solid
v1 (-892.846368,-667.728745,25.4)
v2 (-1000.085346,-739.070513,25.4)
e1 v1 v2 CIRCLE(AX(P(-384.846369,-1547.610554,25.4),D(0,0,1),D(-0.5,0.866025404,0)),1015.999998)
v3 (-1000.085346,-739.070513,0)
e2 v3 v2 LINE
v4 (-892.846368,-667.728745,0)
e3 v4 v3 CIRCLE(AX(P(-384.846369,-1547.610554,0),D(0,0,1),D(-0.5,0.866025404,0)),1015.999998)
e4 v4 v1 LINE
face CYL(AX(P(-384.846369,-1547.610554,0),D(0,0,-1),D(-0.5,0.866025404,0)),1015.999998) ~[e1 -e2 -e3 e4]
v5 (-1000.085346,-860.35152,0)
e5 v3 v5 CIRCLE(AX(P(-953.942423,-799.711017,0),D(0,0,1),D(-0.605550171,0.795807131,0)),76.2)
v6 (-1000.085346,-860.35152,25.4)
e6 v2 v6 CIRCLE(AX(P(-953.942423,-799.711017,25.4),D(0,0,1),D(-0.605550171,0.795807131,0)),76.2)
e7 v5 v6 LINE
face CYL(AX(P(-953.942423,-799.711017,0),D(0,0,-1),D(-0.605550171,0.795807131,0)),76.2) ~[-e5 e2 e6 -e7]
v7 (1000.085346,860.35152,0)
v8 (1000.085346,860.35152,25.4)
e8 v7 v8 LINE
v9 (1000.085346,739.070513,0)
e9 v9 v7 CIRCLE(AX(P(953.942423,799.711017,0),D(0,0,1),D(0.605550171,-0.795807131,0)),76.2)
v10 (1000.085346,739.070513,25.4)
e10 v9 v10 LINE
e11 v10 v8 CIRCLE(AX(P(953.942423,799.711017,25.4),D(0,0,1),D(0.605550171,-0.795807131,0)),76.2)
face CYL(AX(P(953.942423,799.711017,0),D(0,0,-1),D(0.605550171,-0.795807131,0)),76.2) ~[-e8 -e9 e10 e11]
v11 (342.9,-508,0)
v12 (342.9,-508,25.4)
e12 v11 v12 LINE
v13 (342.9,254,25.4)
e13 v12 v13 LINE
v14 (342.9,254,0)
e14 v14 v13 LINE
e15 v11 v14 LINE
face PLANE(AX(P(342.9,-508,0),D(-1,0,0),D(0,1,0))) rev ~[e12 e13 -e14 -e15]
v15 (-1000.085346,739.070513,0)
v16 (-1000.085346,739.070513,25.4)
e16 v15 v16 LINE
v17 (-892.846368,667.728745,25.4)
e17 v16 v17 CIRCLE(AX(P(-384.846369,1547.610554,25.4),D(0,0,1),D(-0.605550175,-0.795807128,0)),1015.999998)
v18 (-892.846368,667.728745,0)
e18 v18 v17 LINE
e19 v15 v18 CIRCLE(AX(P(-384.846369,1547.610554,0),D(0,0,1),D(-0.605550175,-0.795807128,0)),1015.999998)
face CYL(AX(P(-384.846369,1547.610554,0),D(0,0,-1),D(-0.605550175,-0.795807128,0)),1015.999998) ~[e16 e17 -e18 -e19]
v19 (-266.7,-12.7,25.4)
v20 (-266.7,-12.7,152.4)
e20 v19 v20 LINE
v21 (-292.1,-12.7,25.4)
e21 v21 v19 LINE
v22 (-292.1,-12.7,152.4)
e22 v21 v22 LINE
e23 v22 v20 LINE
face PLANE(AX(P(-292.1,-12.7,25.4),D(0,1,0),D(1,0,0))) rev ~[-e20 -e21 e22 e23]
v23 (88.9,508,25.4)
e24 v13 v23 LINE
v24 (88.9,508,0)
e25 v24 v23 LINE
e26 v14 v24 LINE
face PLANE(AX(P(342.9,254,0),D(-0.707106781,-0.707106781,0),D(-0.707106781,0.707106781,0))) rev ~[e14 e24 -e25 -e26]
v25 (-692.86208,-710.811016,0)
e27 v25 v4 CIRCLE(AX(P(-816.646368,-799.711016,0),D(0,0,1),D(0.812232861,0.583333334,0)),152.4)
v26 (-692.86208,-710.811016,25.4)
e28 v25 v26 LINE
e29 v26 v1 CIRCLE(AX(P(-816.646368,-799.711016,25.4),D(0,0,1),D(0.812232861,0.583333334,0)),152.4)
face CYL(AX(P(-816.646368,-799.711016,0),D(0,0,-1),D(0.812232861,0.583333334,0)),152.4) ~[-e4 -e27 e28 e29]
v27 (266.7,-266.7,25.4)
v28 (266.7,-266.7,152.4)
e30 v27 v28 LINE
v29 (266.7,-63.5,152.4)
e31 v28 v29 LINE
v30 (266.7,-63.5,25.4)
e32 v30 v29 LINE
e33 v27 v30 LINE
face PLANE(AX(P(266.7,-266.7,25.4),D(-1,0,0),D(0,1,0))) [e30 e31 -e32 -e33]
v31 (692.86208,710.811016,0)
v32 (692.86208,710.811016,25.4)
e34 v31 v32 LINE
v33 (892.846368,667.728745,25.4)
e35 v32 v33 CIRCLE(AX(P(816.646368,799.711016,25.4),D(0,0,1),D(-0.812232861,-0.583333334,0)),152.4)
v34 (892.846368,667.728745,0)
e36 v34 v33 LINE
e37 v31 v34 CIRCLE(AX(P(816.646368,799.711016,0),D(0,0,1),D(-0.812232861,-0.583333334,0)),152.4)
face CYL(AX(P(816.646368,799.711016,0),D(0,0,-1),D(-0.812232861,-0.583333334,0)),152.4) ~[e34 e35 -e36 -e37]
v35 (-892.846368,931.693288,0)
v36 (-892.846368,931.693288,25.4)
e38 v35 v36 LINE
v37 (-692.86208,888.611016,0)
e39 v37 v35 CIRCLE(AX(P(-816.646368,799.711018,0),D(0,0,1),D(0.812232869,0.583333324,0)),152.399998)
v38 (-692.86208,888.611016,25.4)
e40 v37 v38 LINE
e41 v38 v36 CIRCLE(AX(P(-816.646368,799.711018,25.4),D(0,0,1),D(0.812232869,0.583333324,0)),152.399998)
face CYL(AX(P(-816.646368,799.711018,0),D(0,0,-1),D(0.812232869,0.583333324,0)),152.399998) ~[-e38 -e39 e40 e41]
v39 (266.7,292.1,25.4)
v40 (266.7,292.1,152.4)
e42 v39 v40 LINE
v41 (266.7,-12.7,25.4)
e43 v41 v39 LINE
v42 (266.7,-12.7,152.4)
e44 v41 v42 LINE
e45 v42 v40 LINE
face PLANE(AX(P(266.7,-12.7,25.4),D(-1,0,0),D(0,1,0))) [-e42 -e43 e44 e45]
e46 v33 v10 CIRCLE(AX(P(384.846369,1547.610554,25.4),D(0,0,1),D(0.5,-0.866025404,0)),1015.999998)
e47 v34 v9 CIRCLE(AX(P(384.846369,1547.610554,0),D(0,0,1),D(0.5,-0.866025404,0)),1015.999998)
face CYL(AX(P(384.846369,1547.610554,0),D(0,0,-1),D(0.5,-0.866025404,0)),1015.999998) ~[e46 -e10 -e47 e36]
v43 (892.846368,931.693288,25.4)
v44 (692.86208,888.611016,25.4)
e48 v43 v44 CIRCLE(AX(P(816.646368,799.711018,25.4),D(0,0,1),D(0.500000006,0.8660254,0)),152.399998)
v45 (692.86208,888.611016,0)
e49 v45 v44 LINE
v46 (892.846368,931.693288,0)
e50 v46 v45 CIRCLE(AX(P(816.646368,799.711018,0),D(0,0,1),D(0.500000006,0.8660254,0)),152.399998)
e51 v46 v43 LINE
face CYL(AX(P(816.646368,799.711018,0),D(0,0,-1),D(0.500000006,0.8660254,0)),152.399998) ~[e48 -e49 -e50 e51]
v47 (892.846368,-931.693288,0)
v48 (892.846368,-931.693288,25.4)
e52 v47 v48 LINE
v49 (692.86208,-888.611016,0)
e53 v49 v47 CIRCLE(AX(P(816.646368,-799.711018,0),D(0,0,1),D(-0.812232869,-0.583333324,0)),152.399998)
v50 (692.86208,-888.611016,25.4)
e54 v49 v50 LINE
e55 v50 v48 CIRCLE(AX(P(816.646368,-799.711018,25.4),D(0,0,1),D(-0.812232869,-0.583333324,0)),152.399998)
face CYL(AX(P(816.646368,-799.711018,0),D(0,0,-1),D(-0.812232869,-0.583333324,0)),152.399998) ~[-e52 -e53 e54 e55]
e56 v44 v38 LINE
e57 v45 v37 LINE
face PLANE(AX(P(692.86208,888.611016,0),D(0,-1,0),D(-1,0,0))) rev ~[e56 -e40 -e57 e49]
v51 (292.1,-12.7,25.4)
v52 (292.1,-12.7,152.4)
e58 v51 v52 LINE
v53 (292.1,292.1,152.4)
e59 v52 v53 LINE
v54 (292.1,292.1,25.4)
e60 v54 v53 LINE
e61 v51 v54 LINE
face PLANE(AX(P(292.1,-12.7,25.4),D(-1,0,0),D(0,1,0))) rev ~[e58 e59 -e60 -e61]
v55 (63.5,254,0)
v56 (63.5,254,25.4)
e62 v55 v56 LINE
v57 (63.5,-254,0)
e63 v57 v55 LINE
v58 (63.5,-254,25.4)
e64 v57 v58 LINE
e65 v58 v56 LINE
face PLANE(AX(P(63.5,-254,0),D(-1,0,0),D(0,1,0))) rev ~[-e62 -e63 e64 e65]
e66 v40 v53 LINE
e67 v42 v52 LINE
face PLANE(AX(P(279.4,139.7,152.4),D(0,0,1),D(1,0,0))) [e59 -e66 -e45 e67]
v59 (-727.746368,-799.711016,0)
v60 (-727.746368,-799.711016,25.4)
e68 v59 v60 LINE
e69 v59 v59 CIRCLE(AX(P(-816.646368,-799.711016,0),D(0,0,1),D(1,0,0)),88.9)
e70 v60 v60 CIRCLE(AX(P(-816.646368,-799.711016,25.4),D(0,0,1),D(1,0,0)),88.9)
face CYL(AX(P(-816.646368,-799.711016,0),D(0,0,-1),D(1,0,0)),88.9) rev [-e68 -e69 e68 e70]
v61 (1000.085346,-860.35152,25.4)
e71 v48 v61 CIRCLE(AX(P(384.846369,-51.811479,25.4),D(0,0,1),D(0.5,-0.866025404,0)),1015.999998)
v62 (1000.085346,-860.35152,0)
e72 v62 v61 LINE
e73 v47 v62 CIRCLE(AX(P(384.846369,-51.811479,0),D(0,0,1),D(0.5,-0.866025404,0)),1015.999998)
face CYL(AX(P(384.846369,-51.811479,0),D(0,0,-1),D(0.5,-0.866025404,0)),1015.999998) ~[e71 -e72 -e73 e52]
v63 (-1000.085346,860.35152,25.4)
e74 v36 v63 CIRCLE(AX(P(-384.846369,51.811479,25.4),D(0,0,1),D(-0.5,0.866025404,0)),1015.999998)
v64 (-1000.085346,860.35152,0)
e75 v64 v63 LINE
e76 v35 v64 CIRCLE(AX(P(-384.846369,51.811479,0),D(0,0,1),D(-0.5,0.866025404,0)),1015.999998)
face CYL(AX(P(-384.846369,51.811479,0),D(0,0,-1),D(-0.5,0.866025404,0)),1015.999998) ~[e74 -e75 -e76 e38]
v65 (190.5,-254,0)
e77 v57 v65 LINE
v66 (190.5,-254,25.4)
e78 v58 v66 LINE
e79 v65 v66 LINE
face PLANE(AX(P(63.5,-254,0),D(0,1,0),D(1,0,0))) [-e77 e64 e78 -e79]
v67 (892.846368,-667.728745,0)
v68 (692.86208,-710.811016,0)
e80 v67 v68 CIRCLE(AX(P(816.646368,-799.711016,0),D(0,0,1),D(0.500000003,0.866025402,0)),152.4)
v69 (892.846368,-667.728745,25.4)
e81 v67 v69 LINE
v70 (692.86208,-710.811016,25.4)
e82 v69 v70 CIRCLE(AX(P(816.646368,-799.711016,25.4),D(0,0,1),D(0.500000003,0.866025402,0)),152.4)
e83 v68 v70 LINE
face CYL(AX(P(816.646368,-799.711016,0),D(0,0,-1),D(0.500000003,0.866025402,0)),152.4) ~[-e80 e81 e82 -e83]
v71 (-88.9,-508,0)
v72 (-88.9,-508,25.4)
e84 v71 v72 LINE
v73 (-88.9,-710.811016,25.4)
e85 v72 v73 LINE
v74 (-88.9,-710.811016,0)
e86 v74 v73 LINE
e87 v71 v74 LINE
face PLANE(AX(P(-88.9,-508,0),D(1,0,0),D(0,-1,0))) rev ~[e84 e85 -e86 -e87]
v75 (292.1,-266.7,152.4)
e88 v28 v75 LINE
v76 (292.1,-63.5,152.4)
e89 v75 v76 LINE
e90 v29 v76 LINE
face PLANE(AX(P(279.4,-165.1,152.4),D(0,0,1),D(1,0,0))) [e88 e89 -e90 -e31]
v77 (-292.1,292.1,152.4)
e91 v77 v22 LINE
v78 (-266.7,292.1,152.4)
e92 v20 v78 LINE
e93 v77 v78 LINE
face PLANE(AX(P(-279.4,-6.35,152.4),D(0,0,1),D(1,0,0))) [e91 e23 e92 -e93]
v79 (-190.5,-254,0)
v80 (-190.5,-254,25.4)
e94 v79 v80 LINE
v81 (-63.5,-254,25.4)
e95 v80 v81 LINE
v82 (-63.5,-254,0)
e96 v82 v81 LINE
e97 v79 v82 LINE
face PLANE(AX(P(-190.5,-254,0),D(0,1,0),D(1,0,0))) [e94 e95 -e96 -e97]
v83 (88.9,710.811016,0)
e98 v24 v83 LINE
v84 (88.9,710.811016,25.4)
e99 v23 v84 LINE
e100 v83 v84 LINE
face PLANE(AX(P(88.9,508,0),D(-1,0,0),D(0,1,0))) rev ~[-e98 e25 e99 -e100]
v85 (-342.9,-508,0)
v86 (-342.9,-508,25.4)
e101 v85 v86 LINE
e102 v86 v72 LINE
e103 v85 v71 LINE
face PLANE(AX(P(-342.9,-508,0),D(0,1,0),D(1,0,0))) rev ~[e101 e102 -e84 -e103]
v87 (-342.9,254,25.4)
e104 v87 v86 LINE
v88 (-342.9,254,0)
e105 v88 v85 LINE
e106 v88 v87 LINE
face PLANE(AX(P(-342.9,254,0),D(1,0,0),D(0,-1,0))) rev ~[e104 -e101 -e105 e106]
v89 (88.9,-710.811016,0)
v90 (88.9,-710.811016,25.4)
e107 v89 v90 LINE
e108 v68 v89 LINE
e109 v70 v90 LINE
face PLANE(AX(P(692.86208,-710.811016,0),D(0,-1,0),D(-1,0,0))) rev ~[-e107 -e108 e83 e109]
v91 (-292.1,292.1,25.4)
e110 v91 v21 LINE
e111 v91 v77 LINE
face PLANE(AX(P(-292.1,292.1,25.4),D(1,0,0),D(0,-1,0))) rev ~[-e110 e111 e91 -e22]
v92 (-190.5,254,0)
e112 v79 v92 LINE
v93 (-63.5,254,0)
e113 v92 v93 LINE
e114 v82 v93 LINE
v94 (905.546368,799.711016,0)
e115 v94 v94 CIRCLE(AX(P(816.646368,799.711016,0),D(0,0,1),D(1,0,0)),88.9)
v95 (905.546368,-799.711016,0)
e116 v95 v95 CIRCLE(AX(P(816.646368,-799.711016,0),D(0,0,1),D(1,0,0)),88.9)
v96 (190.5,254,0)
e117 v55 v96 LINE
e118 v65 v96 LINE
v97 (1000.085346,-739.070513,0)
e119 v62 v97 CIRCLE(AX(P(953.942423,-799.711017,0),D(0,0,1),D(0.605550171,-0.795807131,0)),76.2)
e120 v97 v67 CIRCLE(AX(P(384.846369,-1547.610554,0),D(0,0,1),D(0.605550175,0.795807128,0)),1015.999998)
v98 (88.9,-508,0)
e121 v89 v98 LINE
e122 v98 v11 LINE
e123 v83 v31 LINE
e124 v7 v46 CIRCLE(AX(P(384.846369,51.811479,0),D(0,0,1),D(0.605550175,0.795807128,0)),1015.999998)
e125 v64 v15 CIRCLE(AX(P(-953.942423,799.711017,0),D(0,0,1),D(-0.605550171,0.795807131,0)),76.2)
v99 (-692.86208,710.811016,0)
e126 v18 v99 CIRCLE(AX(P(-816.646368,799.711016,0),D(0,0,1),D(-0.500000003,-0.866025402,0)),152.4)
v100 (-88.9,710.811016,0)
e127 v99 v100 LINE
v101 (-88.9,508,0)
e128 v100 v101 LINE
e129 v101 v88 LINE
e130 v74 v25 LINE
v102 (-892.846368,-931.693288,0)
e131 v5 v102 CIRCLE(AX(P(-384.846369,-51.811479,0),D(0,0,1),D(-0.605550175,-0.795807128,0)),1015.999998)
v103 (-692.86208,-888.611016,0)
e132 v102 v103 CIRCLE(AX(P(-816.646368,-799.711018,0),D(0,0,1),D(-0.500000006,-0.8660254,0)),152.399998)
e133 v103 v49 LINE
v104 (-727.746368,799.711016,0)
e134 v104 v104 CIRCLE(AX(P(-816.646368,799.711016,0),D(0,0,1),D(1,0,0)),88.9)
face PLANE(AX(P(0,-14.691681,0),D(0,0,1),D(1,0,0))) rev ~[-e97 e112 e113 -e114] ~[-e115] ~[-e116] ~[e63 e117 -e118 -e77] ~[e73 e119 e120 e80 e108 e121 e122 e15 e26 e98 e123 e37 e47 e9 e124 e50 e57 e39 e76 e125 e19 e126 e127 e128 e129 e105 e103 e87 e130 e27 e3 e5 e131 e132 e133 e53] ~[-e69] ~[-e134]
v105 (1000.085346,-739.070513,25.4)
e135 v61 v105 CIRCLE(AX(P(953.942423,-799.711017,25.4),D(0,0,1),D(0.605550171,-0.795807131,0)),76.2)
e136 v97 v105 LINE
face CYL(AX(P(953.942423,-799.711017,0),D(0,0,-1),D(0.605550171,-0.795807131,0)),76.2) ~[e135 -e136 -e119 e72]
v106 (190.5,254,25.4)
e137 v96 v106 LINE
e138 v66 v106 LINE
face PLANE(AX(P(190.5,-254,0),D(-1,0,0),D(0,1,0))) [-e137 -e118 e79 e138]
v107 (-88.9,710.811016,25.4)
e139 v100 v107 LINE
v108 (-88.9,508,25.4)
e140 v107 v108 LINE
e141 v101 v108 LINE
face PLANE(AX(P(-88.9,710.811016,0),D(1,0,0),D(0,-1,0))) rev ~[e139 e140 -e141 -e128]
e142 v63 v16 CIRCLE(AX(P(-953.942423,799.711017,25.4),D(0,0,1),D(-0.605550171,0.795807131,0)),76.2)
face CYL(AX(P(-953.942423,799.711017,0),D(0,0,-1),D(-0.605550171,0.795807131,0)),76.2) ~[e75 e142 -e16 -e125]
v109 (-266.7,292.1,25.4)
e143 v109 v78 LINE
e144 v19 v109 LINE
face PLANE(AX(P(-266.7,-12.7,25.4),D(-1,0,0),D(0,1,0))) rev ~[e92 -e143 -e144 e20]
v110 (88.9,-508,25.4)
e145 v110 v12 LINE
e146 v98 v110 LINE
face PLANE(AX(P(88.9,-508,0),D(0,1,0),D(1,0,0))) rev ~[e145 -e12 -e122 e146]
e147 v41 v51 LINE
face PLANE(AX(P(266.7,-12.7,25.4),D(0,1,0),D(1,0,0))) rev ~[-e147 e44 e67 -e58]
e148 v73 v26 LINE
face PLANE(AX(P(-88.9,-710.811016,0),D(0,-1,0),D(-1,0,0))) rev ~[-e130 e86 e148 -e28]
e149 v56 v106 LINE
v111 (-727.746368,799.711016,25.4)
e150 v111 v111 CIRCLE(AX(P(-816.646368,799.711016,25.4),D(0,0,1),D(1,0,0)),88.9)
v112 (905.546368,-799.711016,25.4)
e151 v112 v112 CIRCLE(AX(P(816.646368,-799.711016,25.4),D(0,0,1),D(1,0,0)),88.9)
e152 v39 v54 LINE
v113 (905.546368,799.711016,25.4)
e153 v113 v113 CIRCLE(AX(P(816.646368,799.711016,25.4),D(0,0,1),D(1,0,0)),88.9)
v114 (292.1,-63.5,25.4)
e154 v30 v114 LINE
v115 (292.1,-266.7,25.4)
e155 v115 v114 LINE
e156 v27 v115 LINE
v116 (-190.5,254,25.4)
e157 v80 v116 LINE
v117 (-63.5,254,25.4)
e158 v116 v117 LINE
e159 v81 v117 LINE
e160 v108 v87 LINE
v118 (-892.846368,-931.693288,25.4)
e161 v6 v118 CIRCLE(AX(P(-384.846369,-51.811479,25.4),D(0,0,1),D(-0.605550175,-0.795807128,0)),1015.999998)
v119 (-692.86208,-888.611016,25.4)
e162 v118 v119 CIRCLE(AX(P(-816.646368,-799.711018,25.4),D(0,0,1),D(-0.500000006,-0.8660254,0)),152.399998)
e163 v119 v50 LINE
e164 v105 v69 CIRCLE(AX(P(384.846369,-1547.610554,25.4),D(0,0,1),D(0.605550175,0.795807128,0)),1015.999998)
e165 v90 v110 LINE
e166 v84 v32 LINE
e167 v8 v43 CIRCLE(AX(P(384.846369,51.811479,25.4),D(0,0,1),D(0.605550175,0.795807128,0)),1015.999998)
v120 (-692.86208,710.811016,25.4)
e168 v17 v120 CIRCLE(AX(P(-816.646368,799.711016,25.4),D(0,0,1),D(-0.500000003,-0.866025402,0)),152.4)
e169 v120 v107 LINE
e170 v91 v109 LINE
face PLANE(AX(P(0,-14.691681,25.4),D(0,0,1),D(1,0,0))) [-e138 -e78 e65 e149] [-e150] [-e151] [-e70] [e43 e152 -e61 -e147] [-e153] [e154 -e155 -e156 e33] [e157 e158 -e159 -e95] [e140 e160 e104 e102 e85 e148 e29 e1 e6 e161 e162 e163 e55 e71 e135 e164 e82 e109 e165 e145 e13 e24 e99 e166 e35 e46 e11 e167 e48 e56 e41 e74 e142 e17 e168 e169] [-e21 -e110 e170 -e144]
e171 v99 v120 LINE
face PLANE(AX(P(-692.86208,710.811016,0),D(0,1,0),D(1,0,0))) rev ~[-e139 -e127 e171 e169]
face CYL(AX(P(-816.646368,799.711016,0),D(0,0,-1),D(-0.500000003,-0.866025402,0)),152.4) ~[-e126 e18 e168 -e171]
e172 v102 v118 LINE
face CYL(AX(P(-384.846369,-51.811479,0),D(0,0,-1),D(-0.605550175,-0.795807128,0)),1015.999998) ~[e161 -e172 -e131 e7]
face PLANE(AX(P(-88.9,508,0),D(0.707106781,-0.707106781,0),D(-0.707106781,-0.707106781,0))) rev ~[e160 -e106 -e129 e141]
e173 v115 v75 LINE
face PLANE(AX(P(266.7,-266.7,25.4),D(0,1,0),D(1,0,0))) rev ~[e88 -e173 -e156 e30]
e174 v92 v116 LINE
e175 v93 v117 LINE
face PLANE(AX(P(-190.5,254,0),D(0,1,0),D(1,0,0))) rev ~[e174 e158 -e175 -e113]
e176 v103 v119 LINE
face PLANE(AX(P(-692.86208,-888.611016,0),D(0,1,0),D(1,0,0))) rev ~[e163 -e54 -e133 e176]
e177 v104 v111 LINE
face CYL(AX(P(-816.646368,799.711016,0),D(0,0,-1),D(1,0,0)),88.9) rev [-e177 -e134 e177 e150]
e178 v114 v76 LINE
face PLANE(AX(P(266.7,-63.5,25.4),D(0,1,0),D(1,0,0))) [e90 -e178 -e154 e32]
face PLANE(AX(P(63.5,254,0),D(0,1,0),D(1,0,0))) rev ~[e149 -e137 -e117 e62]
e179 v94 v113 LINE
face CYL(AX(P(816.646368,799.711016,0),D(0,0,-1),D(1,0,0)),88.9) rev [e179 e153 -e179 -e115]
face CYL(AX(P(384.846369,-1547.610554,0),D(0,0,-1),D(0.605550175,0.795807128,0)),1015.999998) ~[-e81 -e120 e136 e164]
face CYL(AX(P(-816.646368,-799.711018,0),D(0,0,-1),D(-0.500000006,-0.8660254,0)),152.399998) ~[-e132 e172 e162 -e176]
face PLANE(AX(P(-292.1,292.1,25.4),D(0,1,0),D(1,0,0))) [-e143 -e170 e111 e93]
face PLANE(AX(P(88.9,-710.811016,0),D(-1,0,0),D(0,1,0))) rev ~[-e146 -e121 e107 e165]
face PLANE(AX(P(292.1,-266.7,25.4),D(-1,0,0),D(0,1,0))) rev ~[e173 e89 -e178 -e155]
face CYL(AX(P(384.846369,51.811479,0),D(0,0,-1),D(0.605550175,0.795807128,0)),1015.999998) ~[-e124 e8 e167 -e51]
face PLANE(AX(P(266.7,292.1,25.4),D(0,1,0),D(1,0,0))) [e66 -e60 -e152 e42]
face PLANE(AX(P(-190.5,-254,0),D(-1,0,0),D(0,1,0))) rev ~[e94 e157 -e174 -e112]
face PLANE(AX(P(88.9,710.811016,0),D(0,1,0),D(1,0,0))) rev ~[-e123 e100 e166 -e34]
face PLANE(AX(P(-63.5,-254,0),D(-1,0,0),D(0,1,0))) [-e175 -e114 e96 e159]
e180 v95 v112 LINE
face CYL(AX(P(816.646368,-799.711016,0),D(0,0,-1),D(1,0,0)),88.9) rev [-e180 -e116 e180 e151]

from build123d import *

# Parameters (mm, degrees)
F0_R     = 88.9
F0_W     = 127
F0_H     = 508
F1_DEPTH = 25.4
F2_W     = 25.4
F2_H     = 12.7
F2_H_2   = 292.1
F2_H_3   = 304.8
F2_H_4   = 203.2
F3_DEPTH = 127


with BuildPart() as f1:
    # F0 (on Top) → F1 (new body)
    with BuildSketch(Plane.XY):
        with BuildLine():
            ThreePointArc((-1000.085346, 739.070513), (-947.597523, 701.69854), (-892.846368, 667.728745))
            ThreePointArc((-892.846368, 667.728745), (-784.551405, 650.728892), (-692.86208, 710.811016))
            Line((-692.86208, 710.811016), (-88.9, 710.811016))
            Line((-88.9, 710.811016), (-88.9, 508))
            Line((-88.9, 508), (-342.9, 254))
            Line((-342.9, 254), (-342.9, -508))
            Line((-342.9, -508), (-88.9, -508))
            Line((-88.9, -508), (-88.9, -710.811016))
            Line((-88.9, -710.811016), (-692.86208, -710.811016))
            ThreePointArc((-692.86208, -710.811016), (-784.551405, -650.728892), (-892.846368, -667.728745))
            ThreePointArc((-892.846368, -667.728745), (-947.597523, -701.69854), (-1000.085346, -739.070513))
            ThreePointArc((-1000.085346, -739.070513), (-1030.142423, -799.711016), (-1000.085346, -860.35152))
            ThreePointArc((-1000.085346, -860.35152), (-947.597523, -897.723493), (-892.846368, -931.693288))
            ThreePointArc((-892.846368, -931.693288), (-784.551405, -948.693141), (-692.86208, -888.611016))
            Line((-692.86208, -888.611016), (692.86208, -888.611016))
            ThreePointArc((692.86208, -888.611016), (784.551405, -948.693141), (892.846368, -931.693288))
            ThreePointArc((892.846368, -931.693288), (947.597523, -897.723493), (1000.085346, -860.35152))
            ThreePointArc((1000.085346, -860.35152), (1030.142423, -799.711016), (1000.085346, -739.070513))
            ThreePointArc((1000.085346, -739.070513), (947.597523, -701.69854), (892.846368, -667.728745))
            ThreePointArc((892.846368, -667.728745), (784.551405, -650.728892), (692.86208, -710.811016))
            Line((692.86208, -710.811016), (88.9, -710.811016))
            Line((88.9, -710.811016), (88.9, -508))
            Line((88.9, -508), (342.9, -508))
            Line((342.9, -508), (342.9, 254))
            Line((342.9, 254), (88.9, 508))
            Line((88.9, 508), (88.9, 710.811016))
            Line((88.9, 710.811016), (692.86208, 710.811016))
            ThreePointArc((692.86208, 710.811016), (784.551405, 650.728892), (892.846368, 667.728745))
            ThreePointArc((892.846368, 667.728745), (947.597523, 701.69854), (1000.085346, 739.070513))
            ThreePointArc((1000.085346, 739.070513), (1030.142423, 799.711016), (1000.085346, 860.35152))
            ThreePointArc((1000.085346, 860.35152), (947.597523, 897.723493), (892.846368, 931.693288))
            ThreePointArc((892.846368, 931.693288), (784.551405, 948.693141), (692.86208, 888.611016))
            Line((692.86208, 888.611016), (-692.86208, 888.611016))
            ThreePointArc((-692.86208, 888.611016), (-784.551405, 948.693141), (-892.846368, 931.693288))
            ThreePointArc((-892.846368, 931.693288), (-947.597523, 897.723493), (-1000.085346, 860.35152))
            ThreePointArc((-1000.085346, 860.35152), (-1030.142423, 799.711016), (-1000.085346, 739.070513))
        make_face()
        with Locations((-816.646368, -799.711016)):
            Circle(F0_R, mode=Mode.SUBTRACT)
        with Locations((-127, 0)):
            Rectangle(F0_W, F0_H, mode=Mode.SUBTRACT)
        with Locations((816.646368, -799.711016)):
            Circle(F0_R, mode=Mode.SUBTRACT)
        with Locations((127, 0)):
            Rectangle(F0_W, F0_H, mode=Mode.SUBTRACT)
        with Locations((-816.646368, 799.711016)):
            Circle(F0_R, mode=Mode.SUBTRACT)
        with Locations((816.646368, 799.711016)):
            Circle(F0_R, mode=Mode.SUBTRACT)
    extrude(amount=F1_DEPTH)

    # F2 (on face) → F3 (join)
    with BuildSketch(Plane.XY.offset(25.4)):
        with Locations((-279.4, -6.35)):
            Rectangle(F2_W, F2_H)
        with Locations((-279.4, 146.05)):
            Rectangle(F2_W, F2_H_2)
        with Locations((279.4, 139.7)):
            Rectangle(F2_W, F2_H_3)
        with Locations((279.4, -165.1)):
            Rectangle(F2_W, F2_H_4)
    extrude(amount=F3_DEPTH)


solid = f1.part
